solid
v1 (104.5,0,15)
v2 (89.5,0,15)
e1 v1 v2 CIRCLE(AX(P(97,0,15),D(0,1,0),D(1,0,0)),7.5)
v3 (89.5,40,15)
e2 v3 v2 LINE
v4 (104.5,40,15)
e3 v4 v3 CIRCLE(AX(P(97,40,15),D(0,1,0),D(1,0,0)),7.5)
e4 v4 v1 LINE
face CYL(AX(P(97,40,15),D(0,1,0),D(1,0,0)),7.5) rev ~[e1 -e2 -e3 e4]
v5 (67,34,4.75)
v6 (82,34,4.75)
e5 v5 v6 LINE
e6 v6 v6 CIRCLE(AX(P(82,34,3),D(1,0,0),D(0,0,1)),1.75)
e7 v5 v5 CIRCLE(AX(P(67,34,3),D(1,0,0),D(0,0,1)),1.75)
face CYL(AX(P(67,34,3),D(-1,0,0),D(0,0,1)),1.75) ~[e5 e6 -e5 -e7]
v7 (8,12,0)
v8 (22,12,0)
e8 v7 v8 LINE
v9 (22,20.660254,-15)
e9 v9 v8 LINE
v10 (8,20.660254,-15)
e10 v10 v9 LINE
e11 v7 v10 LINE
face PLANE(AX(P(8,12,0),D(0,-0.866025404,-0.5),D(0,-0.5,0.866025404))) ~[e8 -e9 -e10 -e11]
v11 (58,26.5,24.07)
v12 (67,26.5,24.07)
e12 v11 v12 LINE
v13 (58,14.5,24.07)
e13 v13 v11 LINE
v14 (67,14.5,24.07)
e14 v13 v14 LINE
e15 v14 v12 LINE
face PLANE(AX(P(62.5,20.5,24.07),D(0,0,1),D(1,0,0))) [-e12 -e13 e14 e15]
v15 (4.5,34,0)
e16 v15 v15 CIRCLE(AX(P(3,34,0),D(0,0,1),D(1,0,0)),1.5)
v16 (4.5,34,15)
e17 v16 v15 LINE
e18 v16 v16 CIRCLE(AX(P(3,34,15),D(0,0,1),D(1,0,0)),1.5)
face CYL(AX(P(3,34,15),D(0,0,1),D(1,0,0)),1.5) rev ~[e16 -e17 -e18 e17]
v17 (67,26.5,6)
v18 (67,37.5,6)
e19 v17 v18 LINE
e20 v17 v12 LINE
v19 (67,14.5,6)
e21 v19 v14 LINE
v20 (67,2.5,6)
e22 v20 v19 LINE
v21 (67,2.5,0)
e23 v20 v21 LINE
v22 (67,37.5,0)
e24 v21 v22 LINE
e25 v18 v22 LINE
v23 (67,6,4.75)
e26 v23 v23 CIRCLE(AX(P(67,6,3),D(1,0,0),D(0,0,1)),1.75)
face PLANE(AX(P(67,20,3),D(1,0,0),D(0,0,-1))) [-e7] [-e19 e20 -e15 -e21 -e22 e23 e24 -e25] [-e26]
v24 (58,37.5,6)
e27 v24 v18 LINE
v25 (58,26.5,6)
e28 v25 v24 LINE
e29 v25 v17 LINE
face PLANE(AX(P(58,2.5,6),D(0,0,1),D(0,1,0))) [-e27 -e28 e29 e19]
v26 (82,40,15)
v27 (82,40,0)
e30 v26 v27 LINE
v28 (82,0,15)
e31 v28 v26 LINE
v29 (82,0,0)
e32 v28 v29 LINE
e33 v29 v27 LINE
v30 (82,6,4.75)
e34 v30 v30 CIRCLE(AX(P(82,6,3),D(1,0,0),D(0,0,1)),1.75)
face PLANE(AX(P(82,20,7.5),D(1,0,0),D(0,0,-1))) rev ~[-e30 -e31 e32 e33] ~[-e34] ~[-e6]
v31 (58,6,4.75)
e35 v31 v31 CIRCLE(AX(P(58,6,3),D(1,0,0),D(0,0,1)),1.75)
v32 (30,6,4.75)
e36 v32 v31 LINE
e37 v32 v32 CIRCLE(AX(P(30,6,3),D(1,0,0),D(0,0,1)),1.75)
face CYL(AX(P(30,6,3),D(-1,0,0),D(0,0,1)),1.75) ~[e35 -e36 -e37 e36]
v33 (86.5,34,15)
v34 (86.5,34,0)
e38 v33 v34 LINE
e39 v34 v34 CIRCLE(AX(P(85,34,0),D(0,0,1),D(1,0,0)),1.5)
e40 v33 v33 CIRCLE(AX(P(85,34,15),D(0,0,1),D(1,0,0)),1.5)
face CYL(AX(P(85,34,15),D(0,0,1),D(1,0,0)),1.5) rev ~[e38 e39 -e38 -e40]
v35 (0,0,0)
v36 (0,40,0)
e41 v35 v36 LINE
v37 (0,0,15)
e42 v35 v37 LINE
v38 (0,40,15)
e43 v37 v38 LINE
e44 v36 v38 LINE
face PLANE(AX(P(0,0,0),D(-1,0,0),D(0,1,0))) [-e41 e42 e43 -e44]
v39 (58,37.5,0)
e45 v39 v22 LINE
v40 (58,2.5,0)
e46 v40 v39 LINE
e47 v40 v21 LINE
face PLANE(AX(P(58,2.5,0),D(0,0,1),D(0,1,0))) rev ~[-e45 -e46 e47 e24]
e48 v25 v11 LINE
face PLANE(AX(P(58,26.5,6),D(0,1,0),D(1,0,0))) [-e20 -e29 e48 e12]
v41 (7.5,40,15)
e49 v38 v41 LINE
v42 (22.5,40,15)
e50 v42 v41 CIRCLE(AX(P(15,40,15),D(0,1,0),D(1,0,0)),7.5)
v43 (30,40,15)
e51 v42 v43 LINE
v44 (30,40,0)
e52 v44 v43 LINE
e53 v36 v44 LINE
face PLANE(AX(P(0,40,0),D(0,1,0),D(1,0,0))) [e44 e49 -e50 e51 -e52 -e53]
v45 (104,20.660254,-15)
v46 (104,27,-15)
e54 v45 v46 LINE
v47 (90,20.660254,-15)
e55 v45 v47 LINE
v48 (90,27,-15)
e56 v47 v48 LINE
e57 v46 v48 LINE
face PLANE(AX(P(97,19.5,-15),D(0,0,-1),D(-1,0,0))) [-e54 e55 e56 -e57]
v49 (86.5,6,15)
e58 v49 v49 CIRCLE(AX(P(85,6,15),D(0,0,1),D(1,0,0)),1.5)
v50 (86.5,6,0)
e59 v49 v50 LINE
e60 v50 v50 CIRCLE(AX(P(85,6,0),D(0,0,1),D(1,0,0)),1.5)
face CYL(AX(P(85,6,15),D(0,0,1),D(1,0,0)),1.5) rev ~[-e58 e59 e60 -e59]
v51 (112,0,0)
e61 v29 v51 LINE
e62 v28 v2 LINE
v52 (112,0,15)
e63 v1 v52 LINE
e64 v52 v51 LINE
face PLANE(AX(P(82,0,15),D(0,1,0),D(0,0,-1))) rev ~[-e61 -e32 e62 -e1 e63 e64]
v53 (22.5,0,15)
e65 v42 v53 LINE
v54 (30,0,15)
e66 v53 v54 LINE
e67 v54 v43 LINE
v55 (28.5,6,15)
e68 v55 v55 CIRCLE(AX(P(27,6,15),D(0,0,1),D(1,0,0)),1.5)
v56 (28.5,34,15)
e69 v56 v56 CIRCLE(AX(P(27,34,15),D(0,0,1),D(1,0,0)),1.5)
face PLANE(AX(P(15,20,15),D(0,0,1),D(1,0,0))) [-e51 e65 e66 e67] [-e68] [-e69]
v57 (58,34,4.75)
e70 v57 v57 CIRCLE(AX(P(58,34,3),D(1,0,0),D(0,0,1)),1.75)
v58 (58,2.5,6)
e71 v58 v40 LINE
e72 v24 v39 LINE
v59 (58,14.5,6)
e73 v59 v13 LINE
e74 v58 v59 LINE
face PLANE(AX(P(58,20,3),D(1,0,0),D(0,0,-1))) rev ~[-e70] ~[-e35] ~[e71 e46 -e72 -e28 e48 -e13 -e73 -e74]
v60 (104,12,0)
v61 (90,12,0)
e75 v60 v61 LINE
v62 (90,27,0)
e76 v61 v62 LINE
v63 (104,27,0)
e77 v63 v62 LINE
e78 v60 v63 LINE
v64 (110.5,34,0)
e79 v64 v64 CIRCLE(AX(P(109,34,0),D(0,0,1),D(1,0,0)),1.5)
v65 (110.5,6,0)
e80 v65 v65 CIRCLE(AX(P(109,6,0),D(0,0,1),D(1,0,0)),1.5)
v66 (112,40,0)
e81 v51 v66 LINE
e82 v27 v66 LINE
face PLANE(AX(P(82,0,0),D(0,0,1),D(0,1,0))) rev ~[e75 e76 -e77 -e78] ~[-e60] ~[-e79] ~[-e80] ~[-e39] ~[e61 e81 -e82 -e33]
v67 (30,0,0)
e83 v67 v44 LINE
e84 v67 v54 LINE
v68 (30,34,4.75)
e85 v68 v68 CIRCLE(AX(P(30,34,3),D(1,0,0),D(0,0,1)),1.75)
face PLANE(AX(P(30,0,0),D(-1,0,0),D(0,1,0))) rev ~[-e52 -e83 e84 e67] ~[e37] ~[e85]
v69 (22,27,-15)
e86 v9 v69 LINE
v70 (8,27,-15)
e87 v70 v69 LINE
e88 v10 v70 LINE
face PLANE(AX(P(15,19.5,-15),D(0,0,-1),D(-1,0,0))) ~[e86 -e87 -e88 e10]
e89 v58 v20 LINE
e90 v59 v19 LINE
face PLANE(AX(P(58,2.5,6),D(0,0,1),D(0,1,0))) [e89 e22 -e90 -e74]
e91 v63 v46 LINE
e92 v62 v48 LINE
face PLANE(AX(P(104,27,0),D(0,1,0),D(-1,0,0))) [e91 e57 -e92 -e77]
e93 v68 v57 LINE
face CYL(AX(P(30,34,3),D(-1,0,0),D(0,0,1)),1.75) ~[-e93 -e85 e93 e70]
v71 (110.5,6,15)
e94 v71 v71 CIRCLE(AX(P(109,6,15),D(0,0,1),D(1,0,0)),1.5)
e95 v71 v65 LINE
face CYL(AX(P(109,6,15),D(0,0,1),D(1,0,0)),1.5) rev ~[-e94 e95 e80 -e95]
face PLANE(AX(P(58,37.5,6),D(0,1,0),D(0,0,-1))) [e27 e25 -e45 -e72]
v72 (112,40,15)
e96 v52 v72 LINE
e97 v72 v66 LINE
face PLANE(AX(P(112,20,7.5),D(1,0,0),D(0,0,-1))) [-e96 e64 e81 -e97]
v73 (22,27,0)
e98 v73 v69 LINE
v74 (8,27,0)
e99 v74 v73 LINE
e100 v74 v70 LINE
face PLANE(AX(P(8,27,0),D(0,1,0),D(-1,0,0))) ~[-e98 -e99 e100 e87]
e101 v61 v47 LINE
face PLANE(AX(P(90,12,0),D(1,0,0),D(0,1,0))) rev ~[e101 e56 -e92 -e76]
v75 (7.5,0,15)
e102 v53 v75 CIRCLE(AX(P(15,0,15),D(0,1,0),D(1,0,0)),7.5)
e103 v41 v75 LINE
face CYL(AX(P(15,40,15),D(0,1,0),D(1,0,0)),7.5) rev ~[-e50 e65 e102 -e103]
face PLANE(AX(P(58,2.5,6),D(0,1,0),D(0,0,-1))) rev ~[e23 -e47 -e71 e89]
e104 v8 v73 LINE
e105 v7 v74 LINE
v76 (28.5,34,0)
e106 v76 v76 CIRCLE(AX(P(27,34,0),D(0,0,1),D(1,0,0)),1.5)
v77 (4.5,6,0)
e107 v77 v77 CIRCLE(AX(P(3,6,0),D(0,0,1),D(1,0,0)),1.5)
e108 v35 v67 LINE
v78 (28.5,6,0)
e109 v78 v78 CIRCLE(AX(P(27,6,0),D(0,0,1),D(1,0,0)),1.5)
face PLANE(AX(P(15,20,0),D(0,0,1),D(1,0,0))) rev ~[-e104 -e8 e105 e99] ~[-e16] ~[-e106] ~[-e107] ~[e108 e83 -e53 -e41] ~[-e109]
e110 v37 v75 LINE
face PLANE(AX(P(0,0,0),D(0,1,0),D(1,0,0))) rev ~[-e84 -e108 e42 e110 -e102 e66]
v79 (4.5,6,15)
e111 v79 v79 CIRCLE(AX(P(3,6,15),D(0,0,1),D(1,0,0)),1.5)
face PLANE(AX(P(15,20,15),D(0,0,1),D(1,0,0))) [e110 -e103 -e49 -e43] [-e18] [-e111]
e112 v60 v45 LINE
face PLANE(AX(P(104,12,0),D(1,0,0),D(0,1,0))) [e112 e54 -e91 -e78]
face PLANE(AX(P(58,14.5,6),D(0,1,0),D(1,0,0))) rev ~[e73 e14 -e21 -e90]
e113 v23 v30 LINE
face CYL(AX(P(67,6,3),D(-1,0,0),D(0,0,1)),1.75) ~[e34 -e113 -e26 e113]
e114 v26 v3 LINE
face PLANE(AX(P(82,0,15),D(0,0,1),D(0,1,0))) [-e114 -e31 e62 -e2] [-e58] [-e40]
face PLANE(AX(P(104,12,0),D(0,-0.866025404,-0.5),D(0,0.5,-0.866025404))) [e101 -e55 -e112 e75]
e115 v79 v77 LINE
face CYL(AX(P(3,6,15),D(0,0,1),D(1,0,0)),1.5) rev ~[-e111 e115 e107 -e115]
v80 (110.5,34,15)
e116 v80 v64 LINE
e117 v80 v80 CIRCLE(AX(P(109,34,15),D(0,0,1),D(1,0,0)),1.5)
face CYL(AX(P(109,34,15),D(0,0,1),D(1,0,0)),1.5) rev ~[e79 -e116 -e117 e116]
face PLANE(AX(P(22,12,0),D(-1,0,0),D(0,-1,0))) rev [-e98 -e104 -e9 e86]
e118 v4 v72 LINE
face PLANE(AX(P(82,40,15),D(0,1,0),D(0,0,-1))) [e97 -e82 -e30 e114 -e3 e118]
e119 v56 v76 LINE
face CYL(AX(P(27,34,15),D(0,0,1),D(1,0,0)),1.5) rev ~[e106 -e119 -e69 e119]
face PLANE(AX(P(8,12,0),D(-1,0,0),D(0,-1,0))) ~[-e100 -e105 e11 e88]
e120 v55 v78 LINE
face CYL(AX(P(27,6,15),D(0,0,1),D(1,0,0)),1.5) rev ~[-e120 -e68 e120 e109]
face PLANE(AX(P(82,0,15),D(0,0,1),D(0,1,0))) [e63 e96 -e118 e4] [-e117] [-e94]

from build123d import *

# Parameters (mm, degrees)
SKETCH1_W            = 30
SKETCH1_H            = 40
BOSS_EXTRUDE1_DEPTH  = 15
CUT_EXTRUDE1_DEPTH   = 49
SKETCH3_R            = 1.5
CUT_EXTRUDE2_DEPTH   = 49
SKETCH4_R            = 1.75
BOSS_EXTRUDE2_DEPTH  = 28
SKETCH5_W            = 6
SKETCH5_H            = 35
BOSS_EXTRUDE3_DEPTH  = 9
SKETCH6_R            = 1.75
BOSS_EXTRUDE4_DEPTH  = 15
SKETCH7_W            = 15
SKETCH7_H            = 40
BOSS_EXTRUDE6_DEPTH  = 30
CUT_EXTRUDE3_DEPTH   = 59
SKETCH10_R           = 1.5
CUT_EXTRUDE4_DEPTH   = 59
SKETCH14_W           = 14
SKETCH14_H           = 15
BOSS_EXTRUDE8_DEPTH  = 15
CUT_EXTRUDE7_DEPTH   = 21
SKETCH17_W           = 9
SKETCH17_H           = 12
BOSS_EXTRUDE10_DEPTH = 18.07


with BuildPart() as part:
    # Sketch1 → Boss-Extrude1 (new body)
    with BuildSketch(Plane.XY):
        with Locations((15, 20)):
            Rectangle(SKETCH1_W, SKETCH1_H)
    extrude(amount=BOSS_EXTRUDE1_DEPTH)

    # Sketch2 → Cut-Extrude1 (cut)
    with BuildSketch(Plane(origin=(0, 40, 0), x_dir=(1, 0, 0), z_dir=(0, 1, 0))):
        with BuildLine():
            Line((7.5, -15), (22.5, -15))
            ThreePointArc((22.5, -15), (15, -7.5), (7.5, -15))
        make_face()
    extrude(amount=-CUT_EXTRUDE1_DEPTH, mode=Mode.SUBTRACT)

    # Sketch3 → Cut-Extrude2 (cut)
    with BuildSketch(Plane.XY.offset(15)):
        with Locations((3, 34)):
            Circle(SKETCH3_R)
        with Locations((3, 6)):
            Circle(SKETCH3_R)
        with Locations((27, 34)):
            Circle(SKETCH3_R)
        with Locations((27, 6)):
            Circle(SKETCH3_R)
    extrude(amount=-CUT_EXTRUDE2_DEPTH, mode=Mode.SUBTRACT)

    # Sketch4 → Boss-Extrude2 (add)
    with BuildSketch(Plane(origin=(30, 0, 0), x_dir=(0, 0, -1), z_dir=(1, 0, 0))):
        with Locations(Location((-3, 34, 0), (0, 0, 180))):
            Circle(SKETCH4_R)
        with Locations(Location((-3, 6, 0), (0, 0, 180))):
            Circle(SKETCH4_R)
    extrude(amount=BOSS_EXTRUDE2_DEPTH)

    # Sketch5 → Boss-Extrude3 (add)
    with BuildSketch(Plane(origin=(58, 0, 0), x_dir=(0, 0, -1), z_dir=(1, 0, 0))):
        with Locations((-3, 20)):
            Rectangle(SKETCH5_W, SKETCH5_H)
    extrude(amount=BOSS_EXTRUDE3_DEPTH)

    # Sketch6 → Boss-Extrude4 (add)
    with BuildSketch(Plane(origin=(67, 0, 0), x_dir=(0, 0, -1), z_dir=(1, 0, 0))):
        with Locations(Location((-3, 34, 0), (0, 0, 180))):
            Circle(SKETCH6_R)
        with Locations(Location((-3, 6, 0), (0, 0, 180))):
            Circle(SKETCH6_R)
    extrude(amount=BOSS_EXTRUDE4_DEPTH)

    # Sketch7 → Boss-Extrude6 (add)
    with BuildSketch(Plane(origin=(82, 0, 0), x_dir=(0, 0, -1), z_dir=(1, 0, 0))):
        with Locations((-7.5, 20)):
            Rectangle(SKETCH7_W, SKETCH7_H)
    extrude(amount=BOSS_EXTRUDE6_DEPTH)

    # Sketch9 → Cut-Extrude3 (cut)
    with BuildSketch(Plane(origin=(0, 40, 0), x_dir=(1, 0, 0), z_dir=(0, 1, 0))):
        with BuildLine():
            Line((89.5, -15), (104.5, -15))
            ThreePointArc((104.5, -15), (97, -7.5), (89.5, -15))
        make_face()
    extrude(amount=-CUT_EXTRUDE3_DEPTH, mode=Mode.SUBTRACT)

    # Sketch10 → Cut-Extrude4 (cut)
    with BuildSketch(Plane.XY.offset(15)):
        with Locations((85, 34)):
            Circle(SKETCH10_R)
        with Locations((109, 34)):
            Circle(SKETCH10_R)
        with Locations((109, 6)):
            Circle(SKETCH10_R)
        with Locations((85, 6)):
            Circle(SKETCH10_R)
    extrude(amount=-CUT_EXTRUDE4_DEPTH, mode=Mode.SUBTRACT)

    # Sketch14 → Boss-Extrude8 (add)
    with BuildSketch(Plane(origin=(0, 0, 0), x_dir=(-1, 0, 0), z_dir=(0, 0, -1))):
        with Locations((-97, 19.5)):
            Rectangle(SKETCH14_W, SKETCH14_H)
    boss_extrude8 = extrude(amount=BOSS_EXTRUDE8_DEPTH)

    # Sketch15 → Cut-Extrude7 (cut)
    with BuildSketch(Plane(origin=(104, 0, 0), x_dir=(0, 0, -1), z_dir=(1, 0, 0))):
        Polygon((0, 12), (15, 20.660254038), (15, 12), align=None)
    cut_extrude7 = extrude(amount=-CUT_EXTRUDE7_DEPTH, mode=Mode.SUBTRACT)

    # Mirror1: Boss-Extrude8, Cut-Extrude7 across plane
    add(boss_extrude8.mirror(Plane(origin=(56, 0, 0), x_dir=(0, 0, 1), z_dir=(1, 0, 0))))
    add(cut_extrude7.mirror(Plane(origin=(56, 0, 0), x_dir=(0, 0, 1), z_dir=(1, 0, 0))), mode=Mode.SUBTRACT)

    # Sketch17 → Boss-Extrude10 (add)
    with BuildSketch(Plane.XY.offset(6)):
        with Locations((62.5, 20.5)):
            Rectangle(SKETCH17_W, SKETCH17_H)
    extrude(amount=BOSS_EXTRUDE10_DEPTH)


solid = part.part
